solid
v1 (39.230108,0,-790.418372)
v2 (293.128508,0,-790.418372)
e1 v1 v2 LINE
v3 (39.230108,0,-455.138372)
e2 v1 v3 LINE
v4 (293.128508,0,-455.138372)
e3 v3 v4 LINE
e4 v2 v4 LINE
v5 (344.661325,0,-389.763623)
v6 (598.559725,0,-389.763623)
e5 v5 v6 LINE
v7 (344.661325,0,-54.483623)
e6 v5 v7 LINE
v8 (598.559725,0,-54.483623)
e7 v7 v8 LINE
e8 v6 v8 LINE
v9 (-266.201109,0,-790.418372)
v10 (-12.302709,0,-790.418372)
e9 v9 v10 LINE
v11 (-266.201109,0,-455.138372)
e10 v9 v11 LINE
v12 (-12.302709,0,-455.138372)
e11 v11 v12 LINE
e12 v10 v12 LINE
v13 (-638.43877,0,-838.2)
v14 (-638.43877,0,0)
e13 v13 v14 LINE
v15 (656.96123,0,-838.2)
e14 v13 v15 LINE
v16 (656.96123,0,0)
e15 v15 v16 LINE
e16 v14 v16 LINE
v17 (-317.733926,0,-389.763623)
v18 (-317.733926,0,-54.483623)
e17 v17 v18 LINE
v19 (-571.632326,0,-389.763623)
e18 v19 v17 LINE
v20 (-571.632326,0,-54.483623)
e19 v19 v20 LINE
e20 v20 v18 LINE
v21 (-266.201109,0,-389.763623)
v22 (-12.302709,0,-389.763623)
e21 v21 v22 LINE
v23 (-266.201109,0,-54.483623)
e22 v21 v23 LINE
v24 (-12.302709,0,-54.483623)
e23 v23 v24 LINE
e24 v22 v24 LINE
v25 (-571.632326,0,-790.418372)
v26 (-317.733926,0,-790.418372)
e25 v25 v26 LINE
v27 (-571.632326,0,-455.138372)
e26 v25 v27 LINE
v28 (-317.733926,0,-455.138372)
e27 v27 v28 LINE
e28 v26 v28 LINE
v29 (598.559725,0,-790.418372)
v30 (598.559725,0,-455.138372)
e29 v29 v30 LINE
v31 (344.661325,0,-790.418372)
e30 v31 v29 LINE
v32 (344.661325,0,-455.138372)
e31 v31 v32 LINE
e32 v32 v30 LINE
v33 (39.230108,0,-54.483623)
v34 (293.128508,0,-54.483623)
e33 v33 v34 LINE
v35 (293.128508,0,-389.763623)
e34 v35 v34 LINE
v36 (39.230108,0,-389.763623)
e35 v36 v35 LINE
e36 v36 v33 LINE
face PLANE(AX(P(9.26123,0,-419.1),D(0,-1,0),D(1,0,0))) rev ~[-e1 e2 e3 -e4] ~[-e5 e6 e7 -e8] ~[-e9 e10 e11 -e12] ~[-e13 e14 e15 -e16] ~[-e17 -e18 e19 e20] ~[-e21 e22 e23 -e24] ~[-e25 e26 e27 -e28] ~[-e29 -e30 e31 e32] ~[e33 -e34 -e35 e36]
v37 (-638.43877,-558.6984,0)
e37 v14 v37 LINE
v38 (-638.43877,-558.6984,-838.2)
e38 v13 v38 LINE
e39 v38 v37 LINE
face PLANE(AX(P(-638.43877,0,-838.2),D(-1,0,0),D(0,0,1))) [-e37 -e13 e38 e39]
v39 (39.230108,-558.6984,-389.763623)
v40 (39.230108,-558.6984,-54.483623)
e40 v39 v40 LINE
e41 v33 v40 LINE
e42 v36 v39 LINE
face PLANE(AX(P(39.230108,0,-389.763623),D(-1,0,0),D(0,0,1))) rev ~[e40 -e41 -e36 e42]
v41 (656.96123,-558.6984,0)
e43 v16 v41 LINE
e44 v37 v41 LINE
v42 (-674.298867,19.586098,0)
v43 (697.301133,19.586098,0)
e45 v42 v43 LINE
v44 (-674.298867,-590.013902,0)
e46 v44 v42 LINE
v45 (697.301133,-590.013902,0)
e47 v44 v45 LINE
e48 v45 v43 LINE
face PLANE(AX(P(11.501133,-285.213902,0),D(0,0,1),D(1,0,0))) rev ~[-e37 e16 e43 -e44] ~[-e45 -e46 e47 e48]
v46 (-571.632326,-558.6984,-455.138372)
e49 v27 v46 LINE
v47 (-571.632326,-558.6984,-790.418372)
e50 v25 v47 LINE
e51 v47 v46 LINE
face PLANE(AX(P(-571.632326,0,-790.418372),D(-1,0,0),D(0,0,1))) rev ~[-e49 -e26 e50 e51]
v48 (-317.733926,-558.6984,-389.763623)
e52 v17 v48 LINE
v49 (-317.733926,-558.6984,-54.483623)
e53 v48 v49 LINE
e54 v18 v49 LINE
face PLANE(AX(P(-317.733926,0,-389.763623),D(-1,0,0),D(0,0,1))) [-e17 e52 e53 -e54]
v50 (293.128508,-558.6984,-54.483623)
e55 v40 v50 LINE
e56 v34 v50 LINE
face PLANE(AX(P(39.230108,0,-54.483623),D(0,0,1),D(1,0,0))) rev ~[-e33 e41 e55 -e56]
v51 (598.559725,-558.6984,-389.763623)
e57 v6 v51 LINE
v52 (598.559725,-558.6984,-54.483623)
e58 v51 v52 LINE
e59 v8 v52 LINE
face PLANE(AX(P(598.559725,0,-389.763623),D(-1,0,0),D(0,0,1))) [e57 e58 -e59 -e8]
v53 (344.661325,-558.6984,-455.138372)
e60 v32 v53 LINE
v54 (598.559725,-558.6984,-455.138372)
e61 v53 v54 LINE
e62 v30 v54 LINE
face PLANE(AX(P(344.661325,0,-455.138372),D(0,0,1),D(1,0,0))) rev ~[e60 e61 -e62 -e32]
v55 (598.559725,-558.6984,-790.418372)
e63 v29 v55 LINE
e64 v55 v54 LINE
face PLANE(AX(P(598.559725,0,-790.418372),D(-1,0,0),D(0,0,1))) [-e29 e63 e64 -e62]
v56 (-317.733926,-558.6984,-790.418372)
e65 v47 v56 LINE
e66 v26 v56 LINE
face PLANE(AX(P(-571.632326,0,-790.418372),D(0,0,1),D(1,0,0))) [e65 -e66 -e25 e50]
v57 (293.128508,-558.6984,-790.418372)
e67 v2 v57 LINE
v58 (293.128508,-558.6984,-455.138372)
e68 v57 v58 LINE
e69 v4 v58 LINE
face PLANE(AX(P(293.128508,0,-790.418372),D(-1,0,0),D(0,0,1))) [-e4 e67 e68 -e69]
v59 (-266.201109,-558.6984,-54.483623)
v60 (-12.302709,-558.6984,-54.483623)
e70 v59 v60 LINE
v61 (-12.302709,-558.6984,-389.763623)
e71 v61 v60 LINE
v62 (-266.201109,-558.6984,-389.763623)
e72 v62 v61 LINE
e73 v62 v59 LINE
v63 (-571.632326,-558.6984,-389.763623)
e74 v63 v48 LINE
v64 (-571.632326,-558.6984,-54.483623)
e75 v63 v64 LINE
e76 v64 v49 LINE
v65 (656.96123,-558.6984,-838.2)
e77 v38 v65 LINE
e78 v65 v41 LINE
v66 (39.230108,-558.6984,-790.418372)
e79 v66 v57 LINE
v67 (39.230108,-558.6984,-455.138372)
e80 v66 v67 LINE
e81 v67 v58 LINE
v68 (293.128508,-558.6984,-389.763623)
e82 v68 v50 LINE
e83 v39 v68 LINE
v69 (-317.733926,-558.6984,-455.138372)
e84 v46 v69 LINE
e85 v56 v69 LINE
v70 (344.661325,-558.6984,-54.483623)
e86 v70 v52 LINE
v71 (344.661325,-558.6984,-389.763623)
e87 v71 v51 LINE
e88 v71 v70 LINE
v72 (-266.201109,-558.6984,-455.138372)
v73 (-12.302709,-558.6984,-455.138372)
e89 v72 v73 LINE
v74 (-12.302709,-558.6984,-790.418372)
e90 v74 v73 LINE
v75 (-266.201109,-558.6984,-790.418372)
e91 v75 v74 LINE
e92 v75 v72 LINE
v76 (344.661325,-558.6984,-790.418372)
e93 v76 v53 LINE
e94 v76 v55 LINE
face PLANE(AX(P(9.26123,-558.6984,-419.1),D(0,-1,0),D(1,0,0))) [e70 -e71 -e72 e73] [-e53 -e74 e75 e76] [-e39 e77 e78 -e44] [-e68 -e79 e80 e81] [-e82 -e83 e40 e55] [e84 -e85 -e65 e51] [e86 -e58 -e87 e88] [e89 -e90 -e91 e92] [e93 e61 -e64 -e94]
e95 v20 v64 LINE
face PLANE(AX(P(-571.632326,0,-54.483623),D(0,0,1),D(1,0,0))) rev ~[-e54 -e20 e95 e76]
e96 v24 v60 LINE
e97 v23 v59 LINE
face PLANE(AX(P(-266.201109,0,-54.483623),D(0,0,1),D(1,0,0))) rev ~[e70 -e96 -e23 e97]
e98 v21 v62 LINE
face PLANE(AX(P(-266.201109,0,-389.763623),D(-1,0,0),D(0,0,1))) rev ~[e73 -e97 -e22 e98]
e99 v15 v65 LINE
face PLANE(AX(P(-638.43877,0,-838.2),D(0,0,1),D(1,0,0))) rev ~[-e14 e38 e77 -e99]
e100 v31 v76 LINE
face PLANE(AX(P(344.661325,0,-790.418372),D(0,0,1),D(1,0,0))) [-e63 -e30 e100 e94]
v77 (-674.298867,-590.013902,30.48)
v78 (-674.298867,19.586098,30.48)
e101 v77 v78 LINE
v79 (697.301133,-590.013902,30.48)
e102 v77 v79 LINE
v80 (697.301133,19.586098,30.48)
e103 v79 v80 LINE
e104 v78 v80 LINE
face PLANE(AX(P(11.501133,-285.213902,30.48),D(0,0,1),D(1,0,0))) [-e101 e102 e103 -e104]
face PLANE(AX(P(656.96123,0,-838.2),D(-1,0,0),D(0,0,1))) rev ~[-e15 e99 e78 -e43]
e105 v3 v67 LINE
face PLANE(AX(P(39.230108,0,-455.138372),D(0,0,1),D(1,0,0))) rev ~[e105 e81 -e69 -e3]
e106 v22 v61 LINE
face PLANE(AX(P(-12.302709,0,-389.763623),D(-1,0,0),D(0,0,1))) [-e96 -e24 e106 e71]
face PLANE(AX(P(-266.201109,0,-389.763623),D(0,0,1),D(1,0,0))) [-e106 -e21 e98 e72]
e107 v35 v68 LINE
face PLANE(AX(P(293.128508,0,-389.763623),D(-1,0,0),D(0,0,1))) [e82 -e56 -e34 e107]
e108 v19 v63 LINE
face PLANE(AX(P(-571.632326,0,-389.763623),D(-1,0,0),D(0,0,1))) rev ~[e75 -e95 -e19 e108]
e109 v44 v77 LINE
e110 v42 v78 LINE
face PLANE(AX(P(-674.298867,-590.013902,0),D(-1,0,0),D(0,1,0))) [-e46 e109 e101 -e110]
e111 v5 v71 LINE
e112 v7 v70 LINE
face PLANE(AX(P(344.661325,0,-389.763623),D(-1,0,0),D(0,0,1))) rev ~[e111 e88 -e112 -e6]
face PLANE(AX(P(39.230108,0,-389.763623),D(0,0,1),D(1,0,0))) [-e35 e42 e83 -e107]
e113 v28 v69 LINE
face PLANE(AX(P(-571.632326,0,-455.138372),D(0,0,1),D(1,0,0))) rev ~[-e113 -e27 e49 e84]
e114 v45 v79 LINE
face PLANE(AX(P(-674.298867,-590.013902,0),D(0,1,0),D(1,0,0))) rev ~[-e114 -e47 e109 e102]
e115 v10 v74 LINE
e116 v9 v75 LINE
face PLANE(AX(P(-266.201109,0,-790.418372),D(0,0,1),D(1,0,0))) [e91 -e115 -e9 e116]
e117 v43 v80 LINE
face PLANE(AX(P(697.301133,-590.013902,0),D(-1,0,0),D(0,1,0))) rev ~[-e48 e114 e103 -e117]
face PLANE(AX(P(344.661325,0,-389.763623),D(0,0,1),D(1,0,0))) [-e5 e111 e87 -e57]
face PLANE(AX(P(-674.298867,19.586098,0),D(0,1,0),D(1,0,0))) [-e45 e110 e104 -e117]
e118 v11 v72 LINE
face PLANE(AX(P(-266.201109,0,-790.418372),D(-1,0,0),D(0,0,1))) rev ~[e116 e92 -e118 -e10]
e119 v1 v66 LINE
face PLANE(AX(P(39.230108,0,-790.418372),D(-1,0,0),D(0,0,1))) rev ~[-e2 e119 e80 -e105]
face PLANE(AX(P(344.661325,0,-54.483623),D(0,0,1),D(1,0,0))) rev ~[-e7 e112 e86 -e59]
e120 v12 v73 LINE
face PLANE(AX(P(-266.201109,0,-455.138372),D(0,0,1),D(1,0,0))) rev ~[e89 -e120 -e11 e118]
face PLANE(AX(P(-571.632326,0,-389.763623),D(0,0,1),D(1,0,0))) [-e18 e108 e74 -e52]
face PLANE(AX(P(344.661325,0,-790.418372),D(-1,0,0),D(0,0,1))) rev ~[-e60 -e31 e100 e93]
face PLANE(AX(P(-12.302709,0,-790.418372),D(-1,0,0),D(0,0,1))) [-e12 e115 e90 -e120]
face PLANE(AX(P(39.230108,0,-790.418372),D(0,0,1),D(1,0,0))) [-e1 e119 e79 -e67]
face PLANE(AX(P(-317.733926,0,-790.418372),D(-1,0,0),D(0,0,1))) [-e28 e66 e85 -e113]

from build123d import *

# Parameters (mm, degrees)
F0_W     = 1295.4
F0_H     = 838.2
F0_W_2   = 253.8984
F0_H_2   = 335.28
F1_DEPTH = 558.6984
F2_W     = 1371.6
F2_H     = 609.6
F3_DEPTH = 30.48


with BuildPart() as f1:
    # F0 (on Front) → F1 (new body)
    with BuildSketch(Plane.XZ):
        with Locations((9.26123, -419.1)):
            Rectangle(F0_W, F0_H)
        with Locations((-444.683126, -622.778372)):
            Rectangle(F0_W_2, F0_H_2, mode=Mode.SUBTRACT)
        with Locations((-139.251909, -622.778372)):
            Rectangle(F0_W_2, F0_H_2, mode=Mode.SUBTRACT)
        with Locations((166.179308, -622.778372)):
            Rectangle(F0_W_2, F0_H_2, mode=Mode.SUBTRACT)
        with Locations((471.610525, -622.778372)):
            Rectangle(F0_W_2, F0_H_2, mode=Mode.SUBTRACT)
        with Locations((-444.683126, -222.123623)):
            Rectangle(F0_W_2, F0_H_2, mode=Mode.SUBTRACT)
        with Locations((-139.251909, -222.123623)):
            Rectangle(F0_W_2, F0_H_2, mode=Mode.SUBTRACT)
        with Locations((166.179308, -222.123623)):
            Rectangle(F0_W_2, F0_H_2, mode=Mode.SUBTRACT)
        with Locations((471.610525, -222.123623)):
            Rectangle(F0_W_2, F0_H_2, mode=Mode.SUBTRACT)
    extrude(amount=F1_DEPTH)

    # F2 (on Top) → F3 (join)
    with BuildSketch(Plane.XY):
        with Locations((11.501133, -285.213902)):
            Rectangle(F2_W, F2_H)
    extrude(amount=F3_DEPTH)


solid = f1.part
